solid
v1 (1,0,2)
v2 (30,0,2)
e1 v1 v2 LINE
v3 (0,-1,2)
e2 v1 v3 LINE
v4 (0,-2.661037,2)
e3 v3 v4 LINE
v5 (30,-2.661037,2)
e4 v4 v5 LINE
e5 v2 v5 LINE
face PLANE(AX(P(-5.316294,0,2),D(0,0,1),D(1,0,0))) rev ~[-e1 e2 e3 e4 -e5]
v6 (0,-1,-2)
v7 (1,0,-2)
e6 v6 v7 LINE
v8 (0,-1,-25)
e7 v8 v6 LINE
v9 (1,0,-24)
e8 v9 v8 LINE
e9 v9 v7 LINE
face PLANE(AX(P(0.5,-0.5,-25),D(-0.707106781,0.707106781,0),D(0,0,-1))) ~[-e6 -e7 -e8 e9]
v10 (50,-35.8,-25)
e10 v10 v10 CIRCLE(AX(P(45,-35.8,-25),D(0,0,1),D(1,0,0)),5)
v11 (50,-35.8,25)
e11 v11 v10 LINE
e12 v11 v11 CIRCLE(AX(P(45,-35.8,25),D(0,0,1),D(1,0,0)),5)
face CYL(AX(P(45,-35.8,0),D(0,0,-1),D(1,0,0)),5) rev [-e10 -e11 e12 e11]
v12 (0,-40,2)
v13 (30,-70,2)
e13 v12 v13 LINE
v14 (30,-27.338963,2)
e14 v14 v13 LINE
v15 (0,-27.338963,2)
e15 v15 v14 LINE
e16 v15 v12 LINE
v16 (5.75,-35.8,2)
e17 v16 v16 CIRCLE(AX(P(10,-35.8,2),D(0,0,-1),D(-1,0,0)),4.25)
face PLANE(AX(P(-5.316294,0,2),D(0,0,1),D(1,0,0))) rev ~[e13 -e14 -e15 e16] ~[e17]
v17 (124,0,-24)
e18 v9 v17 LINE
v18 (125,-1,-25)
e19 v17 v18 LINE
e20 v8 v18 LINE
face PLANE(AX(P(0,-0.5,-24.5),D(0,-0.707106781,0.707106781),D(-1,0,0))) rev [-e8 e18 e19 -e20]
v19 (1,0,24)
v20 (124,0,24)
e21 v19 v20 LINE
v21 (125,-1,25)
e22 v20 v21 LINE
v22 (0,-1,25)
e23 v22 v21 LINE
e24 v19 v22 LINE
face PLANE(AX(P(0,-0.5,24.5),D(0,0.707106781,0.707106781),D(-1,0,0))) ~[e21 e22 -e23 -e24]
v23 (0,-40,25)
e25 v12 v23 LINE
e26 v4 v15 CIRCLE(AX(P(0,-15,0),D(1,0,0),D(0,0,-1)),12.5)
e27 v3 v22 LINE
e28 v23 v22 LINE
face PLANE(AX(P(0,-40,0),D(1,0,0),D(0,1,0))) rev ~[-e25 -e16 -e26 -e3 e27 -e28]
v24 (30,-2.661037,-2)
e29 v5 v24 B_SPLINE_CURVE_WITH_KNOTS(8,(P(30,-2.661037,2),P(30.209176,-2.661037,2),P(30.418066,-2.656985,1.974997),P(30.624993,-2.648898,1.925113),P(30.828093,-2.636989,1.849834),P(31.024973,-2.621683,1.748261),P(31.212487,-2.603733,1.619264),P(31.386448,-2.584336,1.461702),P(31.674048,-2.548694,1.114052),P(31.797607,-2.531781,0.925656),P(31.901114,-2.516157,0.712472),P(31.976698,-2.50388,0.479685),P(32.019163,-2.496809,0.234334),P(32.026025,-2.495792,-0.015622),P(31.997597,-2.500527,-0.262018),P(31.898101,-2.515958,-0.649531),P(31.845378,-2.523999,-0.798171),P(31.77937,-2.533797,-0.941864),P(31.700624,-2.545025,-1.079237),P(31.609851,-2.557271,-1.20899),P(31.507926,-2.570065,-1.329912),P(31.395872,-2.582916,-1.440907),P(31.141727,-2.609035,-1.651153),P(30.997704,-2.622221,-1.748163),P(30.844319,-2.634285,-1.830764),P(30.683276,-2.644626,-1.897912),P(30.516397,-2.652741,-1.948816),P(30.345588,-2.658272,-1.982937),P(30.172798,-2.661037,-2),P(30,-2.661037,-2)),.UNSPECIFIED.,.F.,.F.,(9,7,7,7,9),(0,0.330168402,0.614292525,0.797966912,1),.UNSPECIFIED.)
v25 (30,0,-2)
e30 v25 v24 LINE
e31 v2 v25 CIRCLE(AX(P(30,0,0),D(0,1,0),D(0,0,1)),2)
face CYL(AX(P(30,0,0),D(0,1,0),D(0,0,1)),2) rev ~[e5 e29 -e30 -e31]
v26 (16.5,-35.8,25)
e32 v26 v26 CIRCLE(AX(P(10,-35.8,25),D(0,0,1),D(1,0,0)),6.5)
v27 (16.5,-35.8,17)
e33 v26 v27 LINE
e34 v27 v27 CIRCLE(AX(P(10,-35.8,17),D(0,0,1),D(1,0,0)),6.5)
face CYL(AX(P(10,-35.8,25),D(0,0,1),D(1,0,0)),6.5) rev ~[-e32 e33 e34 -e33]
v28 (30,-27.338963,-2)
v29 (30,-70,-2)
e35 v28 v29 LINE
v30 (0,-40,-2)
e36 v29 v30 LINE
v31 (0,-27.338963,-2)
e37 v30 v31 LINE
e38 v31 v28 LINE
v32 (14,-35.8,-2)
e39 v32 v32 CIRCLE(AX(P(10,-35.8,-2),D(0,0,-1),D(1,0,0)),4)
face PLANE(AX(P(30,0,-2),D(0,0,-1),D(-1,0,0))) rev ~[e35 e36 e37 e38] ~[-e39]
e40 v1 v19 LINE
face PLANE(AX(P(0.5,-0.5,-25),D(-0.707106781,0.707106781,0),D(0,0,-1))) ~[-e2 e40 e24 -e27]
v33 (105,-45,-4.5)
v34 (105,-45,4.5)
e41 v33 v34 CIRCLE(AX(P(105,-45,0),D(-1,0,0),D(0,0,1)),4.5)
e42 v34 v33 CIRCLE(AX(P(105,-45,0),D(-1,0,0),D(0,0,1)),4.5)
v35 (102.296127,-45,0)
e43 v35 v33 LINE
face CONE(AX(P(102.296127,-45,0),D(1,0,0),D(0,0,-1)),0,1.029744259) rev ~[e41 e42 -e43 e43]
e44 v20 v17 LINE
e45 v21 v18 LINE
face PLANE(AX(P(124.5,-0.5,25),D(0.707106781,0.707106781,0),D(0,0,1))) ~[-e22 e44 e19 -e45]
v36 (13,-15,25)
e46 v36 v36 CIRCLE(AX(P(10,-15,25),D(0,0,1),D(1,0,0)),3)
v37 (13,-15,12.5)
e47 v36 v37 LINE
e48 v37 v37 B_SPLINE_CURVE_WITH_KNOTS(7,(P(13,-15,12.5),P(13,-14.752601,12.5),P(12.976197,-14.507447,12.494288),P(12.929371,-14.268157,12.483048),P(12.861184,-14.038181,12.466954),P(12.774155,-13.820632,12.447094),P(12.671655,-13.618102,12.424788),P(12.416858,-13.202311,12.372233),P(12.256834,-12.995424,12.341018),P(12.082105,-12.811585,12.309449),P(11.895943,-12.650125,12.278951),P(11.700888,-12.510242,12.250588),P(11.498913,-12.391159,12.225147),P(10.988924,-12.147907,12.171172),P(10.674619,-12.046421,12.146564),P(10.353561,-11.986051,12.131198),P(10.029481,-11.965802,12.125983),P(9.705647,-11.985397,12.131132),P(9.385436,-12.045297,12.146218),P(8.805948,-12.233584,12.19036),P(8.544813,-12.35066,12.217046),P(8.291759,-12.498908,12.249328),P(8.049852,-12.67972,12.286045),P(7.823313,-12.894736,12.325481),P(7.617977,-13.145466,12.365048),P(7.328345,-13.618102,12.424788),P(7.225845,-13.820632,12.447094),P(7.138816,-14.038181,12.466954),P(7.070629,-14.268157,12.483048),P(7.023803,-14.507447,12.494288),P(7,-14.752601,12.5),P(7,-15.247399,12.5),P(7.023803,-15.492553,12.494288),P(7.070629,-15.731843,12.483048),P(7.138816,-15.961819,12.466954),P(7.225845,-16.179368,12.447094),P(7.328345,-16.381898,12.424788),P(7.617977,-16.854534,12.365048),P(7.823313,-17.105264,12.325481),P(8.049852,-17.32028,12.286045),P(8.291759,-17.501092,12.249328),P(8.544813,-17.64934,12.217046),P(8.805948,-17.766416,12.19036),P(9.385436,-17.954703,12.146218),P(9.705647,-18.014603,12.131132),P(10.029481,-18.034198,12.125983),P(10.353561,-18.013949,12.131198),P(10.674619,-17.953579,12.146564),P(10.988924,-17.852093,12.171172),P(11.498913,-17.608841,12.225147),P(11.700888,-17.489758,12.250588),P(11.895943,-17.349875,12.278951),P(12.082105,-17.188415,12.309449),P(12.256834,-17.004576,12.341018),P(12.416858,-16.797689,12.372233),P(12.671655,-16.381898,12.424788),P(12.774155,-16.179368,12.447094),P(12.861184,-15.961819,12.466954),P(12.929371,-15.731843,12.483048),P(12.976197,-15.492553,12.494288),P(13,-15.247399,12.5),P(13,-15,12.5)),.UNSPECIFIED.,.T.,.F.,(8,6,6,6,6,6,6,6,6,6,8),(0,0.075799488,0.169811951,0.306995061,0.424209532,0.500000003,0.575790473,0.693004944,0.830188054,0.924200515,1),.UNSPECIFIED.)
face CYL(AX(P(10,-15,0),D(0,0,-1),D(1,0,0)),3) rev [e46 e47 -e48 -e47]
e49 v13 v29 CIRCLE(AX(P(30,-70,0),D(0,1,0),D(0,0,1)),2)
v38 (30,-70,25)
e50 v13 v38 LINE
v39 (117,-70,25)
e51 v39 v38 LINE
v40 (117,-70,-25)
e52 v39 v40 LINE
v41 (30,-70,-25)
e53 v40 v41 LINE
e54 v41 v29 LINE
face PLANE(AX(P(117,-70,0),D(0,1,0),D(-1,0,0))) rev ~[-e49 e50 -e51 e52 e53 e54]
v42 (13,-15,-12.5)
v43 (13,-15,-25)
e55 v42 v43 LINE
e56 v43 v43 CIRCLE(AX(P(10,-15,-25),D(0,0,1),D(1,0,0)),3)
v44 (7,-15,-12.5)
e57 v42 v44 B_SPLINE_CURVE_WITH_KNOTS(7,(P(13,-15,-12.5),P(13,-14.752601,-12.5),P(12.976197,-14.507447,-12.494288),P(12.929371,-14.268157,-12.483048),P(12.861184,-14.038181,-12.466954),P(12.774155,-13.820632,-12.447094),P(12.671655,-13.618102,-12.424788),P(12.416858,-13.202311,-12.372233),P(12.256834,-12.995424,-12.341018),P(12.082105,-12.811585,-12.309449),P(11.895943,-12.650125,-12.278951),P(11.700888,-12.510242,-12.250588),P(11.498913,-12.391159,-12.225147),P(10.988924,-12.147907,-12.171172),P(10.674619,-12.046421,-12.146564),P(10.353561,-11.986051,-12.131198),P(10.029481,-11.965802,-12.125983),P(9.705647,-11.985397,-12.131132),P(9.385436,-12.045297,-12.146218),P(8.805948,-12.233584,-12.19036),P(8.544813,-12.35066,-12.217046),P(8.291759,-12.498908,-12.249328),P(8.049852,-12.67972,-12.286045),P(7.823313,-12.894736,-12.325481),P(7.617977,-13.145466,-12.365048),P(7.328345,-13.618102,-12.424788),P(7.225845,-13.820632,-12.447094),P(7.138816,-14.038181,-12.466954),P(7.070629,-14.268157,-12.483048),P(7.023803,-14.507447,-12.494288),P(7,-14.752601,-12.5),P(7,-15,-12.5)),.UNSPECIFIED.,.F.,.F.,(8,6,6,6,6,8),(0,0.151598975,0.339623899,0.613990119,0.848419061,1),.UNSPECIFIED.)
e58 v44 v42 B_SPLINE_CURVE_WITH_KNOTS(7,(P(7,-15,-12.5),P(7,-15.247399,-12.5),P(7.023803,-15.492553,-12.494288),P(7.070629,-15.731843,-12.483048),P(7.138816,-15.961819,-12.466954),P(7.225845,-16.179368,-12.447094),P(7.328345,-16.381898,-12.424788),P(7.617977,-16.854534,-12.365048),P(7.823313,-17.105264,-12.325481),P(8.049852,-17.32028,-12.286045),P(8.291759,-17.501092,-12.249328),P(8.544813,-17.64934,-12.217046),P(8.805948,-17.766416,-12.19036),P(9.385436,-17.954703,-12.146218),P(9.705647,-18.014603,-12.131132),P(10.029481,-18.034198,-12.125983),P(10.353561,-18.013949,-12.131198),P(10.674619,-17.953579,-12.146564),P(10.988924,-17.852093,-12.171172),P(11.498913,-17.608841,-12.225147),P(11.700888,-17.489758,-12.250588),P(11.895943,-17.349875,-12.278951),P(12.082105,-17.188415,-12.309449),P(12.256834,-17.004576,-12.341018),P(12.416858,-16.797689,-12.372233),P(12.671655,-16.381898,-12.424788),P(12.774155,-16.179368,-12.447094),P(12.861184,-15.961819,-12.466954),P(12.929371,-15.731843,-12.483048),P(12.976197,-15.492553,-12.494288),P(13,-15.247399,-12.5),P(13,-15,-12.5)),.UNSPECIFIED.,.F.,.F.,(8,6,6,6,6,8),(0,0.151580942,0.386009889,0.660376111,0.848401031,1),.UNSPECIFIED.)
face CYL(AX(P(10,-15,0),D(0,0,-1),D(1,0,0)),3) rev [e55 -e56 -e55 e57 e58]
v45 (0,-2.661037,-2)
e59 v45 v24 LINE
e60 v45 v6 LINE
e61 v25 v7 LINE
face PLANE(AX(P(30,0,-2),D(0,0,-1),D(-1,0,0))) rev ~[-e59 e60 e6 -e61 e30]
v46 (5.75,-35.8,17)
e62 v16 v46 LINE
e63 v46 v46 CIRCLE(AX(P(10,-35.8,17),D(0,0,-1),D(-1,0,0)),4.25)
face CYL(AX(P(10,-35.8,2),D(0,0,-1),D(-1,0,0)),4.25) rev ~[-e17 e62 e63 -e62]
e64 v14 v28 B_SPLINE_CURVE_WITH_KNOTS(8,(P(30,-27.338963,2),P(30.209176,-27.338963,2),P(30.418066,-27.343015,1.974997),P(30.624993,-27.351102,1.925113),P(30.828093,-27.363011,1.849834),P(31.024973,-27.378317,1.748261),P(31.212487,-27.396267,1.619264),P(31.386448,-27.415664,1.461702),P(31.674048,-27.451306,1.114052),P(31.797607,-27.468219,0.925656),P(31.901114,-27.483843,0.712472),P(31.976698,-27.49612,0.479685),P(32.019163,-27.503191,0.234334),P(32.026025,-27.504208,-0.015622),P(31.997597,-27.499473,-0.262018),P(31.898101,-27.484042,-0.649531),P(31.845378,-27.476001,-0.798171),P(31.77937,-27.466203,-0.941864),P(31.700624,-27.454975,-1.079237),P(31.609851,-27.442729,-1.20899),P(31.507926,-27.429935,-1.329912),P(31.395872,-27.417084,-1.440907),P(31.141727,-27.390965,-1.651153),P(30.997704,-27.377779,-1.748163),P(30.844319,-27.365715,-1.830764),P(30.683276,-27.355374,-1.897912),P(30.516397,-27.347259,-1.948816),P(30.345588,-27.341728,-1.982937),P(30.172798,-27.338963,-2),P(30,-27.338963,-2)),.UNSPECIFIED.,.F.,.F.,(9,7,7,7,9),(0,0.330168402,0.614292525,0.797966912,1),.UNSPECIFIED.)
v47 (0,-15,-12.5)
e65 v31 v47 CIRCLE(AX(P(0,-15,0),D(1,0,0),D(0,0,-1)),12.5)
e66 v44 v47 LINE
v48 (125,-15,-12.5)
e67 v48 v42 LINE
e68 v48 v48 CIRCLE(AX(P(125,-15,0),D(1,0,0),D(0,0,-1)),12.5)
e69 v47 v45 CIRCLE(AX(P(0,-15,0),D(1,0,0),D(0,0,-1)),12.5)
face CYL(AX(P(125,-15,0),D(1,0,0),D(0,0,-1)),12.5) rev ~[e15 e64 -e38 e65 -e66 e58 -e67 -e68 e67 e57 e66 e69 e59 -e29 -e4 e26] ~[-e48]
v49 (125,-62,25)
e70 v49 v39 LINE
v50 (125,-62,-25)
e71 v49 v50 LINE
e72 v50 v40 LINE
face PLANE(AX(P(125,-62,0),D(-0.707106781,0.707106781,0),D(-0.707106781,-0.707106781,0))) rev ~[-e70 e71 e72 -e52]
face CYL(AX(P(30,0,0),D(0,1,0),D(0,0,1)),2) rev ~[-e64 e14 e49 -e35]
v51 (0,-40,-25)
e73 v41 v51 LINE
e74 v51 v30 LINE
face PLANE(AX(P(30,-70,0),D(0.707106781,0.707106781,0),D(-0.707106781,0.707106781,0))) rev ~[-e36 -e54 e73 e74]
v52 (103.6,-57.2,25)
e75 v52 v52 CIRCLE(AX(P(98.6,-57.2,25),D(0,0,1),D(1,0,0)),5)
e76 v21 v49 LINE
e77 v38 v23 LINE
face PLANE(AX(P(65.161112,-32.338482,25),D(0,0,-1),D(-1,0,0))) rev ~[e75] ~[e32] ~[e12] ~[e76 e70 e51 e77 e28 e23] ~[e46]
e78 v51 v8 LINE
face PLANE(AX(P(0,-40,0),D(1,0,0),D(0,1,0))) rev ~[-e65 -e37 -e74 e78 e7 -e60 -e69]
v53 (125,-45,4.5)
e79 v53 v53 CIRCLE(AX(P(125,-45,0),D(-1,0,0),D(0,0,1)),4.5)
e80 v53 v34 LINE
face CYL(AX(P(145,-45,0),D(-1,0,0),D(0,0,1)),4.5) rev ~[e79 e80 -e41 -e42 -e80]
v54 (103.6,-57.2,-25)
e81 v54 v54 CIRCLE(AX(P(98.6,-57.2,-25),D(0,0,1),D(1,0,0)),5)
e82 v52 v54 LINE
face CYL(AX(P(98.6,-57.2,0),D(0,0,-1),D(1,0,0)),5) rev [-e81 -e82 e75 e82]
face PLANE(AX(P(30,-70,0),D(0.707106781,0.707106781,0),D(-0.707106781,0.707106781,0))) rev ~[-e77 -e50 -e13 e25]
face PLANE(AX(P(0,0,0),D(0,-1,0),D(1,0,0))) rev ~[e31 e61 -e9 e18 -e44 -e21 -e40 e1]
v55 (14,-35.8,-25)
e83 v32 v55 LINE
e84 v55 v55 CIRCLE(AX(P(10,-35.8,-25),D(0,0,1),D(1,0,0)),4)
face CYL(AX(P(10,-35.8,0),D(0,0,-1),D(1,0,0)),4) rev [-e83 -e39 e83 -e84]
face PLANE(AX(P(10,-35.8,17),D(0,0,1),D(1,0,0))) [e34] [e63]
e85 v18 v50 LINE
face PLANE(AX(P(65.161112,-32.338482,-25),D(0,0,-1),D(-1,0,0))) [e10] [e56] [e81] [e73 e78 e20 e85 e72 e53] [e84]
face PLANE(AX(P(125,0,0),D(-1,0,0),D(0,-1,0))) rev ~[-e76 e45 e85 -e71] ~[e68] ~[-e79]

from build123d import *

# Parameters (mm, degrees)
CROQUIS1_R                     = 3
CROQUIS1_R_2                   = 4
CROQUIS1_R_3                   = 5
SALIENTE_EXTRUIR1_DEPTH        = 25
CHAFL_N1_SIZE                  = 1
CORTAR_EXTRUIR1_DEPTH          = 94.3
CROQUIS3_R                     = 4.25
CORTAR_EXTRUIR2_DEPTH          = 94.3
CROQUIS4_R                     = 6.5
CORTAR_EXTRUIR3_DEPTH          = 8
CROQUIS5_R                     = 12.5
CORTAR_EXTRUIR4_DEPTH          = 141.5
TALADRO_ROSCADO_M10X1_01_D     = 9
TALADRO_ROSCADO_M10X1_01_DEPTH = 20
TALADRO_ROSCADO_M10X1_01_TIP   = 2.703872786


with BuildPart() as part:
    # Croquis1 → Saliente-Extruir1 (new body, symmetric)
    with BuildSketch(Plane.XY):
        Polygon((0, 0), (125, 0), (125, -62), (117, -70), (30, -70), (0, -40), align=None)
        with Locations((10, -15)):
            Circle(CROQUIS1_R, mode=Mode.SUBTRACT)
        with Locations((10, -35.8)):
            Circle(CROQUIS1_R_2, mode=Mode.SUBTRACT)
        with Locations((45, -35.8)):
            Circle(CROQUIS1_R_3, mode=Mode.SUBTRACT)
        with Locations((98.6, -57.2)):
            Circle(CROQUIS1_R_3, mode=Mode.SUBTRACT)
    extrude(amount=SALIENTE_EXTRUIR1_DEPTH, both=True)

    # Chaflán1
    chafl_n1_edges = [part.edges().sort_by_distance(p)[0] for p in [
        (0, 0, 0),
        (125, 0, 0),
        (62.5, 0, 25),
        (62.5, 0, -25),
    ]]
    chamfer(chafl_n1_edges, length=CHAFL_N1_SIZE)

    # Croquis2 → Cortar-Extruir1 (cut)
    with BuildSketch(Plane(origin=(0, 0, 0), x_dir=(1, 0, 0), z_dir=(0, 1, 0))):
        with BuildLine():
            Line((30, 2), (-5.316293701, 2))
            Line((-5.316293701, 2), (-5.316293701, -2))
            Line((-5.316293701, -2), (30, -2))
            ThreePointArc((30, -2), (32, 0), (30, 2))
        make_face()
    extrude(amount=-CORTAR_EXTRUIR1_DEPTH, mode=Mode.SUBTRACT)

    # Croquis3 → Cortar-Extruir2 (cut)
    with BuildSketch(Plane(origin=(0, 0, 2), x_dir=(-1, 0, 0), z_dir=(0, 0, -1))):
        with Locations((-10, -35.8)):
            Circle(CROQUIS3_R)
    extrude(amount=-CORTAR_EXTRUIR2_DEPTH, mode=Mode.SUBTRACT)

    # Croquis4 → Cortar-Extruir3 (cut)
    with BuildSketch(Plane.XY.offset(25)):
        with Locations((10, -35.8)):
            Circle(CROQUIS4_R)
    extrude(amount=-CORTAR_EXTRUIR3_DEPTH, mode=Mode.SUBTRACT)

    # Croquis5 → Cortar-Extruir4 (cut)
    with BuildSketch(Plane(origin=(125, 0, 0), x_dir=(0, 0, -1), z_dir=(1, 0, 0))):
        with Locations((0, -15)):
            Circle(CROQUIS5_R)
    extrude(amount=-CORTAR_EXTRUIR4_DEPTH, mode=Mode.SUBTRACT)

    # Taladro roscado M10x1.01
    with Locations(Plane(origin=(125, 0, 0), x_dir=(0, 0, -1), z_dir=(1, 0, 0))):
        with Locations((0, -45)):
            Hole(TALADRO_ROSCADO_M10X1_01_D / 2, depth=TALADRO_ROSCADO_M10X1_01_DEPTH)
            with Locations((0, 0, -(TALADRO_ROSCADO_M10X1_01_DEPTH + TALADRO_ROSCADO_M10X1_01_TIP / 2))):  # 118° drill point
                Cone(0, TALADRO_ROSCADO_M10X1_01_D / 2, TALADRO_ROSCADO_M10X1_01_TIP, mode=Mode.SUBTRACT)


solid = part.part
